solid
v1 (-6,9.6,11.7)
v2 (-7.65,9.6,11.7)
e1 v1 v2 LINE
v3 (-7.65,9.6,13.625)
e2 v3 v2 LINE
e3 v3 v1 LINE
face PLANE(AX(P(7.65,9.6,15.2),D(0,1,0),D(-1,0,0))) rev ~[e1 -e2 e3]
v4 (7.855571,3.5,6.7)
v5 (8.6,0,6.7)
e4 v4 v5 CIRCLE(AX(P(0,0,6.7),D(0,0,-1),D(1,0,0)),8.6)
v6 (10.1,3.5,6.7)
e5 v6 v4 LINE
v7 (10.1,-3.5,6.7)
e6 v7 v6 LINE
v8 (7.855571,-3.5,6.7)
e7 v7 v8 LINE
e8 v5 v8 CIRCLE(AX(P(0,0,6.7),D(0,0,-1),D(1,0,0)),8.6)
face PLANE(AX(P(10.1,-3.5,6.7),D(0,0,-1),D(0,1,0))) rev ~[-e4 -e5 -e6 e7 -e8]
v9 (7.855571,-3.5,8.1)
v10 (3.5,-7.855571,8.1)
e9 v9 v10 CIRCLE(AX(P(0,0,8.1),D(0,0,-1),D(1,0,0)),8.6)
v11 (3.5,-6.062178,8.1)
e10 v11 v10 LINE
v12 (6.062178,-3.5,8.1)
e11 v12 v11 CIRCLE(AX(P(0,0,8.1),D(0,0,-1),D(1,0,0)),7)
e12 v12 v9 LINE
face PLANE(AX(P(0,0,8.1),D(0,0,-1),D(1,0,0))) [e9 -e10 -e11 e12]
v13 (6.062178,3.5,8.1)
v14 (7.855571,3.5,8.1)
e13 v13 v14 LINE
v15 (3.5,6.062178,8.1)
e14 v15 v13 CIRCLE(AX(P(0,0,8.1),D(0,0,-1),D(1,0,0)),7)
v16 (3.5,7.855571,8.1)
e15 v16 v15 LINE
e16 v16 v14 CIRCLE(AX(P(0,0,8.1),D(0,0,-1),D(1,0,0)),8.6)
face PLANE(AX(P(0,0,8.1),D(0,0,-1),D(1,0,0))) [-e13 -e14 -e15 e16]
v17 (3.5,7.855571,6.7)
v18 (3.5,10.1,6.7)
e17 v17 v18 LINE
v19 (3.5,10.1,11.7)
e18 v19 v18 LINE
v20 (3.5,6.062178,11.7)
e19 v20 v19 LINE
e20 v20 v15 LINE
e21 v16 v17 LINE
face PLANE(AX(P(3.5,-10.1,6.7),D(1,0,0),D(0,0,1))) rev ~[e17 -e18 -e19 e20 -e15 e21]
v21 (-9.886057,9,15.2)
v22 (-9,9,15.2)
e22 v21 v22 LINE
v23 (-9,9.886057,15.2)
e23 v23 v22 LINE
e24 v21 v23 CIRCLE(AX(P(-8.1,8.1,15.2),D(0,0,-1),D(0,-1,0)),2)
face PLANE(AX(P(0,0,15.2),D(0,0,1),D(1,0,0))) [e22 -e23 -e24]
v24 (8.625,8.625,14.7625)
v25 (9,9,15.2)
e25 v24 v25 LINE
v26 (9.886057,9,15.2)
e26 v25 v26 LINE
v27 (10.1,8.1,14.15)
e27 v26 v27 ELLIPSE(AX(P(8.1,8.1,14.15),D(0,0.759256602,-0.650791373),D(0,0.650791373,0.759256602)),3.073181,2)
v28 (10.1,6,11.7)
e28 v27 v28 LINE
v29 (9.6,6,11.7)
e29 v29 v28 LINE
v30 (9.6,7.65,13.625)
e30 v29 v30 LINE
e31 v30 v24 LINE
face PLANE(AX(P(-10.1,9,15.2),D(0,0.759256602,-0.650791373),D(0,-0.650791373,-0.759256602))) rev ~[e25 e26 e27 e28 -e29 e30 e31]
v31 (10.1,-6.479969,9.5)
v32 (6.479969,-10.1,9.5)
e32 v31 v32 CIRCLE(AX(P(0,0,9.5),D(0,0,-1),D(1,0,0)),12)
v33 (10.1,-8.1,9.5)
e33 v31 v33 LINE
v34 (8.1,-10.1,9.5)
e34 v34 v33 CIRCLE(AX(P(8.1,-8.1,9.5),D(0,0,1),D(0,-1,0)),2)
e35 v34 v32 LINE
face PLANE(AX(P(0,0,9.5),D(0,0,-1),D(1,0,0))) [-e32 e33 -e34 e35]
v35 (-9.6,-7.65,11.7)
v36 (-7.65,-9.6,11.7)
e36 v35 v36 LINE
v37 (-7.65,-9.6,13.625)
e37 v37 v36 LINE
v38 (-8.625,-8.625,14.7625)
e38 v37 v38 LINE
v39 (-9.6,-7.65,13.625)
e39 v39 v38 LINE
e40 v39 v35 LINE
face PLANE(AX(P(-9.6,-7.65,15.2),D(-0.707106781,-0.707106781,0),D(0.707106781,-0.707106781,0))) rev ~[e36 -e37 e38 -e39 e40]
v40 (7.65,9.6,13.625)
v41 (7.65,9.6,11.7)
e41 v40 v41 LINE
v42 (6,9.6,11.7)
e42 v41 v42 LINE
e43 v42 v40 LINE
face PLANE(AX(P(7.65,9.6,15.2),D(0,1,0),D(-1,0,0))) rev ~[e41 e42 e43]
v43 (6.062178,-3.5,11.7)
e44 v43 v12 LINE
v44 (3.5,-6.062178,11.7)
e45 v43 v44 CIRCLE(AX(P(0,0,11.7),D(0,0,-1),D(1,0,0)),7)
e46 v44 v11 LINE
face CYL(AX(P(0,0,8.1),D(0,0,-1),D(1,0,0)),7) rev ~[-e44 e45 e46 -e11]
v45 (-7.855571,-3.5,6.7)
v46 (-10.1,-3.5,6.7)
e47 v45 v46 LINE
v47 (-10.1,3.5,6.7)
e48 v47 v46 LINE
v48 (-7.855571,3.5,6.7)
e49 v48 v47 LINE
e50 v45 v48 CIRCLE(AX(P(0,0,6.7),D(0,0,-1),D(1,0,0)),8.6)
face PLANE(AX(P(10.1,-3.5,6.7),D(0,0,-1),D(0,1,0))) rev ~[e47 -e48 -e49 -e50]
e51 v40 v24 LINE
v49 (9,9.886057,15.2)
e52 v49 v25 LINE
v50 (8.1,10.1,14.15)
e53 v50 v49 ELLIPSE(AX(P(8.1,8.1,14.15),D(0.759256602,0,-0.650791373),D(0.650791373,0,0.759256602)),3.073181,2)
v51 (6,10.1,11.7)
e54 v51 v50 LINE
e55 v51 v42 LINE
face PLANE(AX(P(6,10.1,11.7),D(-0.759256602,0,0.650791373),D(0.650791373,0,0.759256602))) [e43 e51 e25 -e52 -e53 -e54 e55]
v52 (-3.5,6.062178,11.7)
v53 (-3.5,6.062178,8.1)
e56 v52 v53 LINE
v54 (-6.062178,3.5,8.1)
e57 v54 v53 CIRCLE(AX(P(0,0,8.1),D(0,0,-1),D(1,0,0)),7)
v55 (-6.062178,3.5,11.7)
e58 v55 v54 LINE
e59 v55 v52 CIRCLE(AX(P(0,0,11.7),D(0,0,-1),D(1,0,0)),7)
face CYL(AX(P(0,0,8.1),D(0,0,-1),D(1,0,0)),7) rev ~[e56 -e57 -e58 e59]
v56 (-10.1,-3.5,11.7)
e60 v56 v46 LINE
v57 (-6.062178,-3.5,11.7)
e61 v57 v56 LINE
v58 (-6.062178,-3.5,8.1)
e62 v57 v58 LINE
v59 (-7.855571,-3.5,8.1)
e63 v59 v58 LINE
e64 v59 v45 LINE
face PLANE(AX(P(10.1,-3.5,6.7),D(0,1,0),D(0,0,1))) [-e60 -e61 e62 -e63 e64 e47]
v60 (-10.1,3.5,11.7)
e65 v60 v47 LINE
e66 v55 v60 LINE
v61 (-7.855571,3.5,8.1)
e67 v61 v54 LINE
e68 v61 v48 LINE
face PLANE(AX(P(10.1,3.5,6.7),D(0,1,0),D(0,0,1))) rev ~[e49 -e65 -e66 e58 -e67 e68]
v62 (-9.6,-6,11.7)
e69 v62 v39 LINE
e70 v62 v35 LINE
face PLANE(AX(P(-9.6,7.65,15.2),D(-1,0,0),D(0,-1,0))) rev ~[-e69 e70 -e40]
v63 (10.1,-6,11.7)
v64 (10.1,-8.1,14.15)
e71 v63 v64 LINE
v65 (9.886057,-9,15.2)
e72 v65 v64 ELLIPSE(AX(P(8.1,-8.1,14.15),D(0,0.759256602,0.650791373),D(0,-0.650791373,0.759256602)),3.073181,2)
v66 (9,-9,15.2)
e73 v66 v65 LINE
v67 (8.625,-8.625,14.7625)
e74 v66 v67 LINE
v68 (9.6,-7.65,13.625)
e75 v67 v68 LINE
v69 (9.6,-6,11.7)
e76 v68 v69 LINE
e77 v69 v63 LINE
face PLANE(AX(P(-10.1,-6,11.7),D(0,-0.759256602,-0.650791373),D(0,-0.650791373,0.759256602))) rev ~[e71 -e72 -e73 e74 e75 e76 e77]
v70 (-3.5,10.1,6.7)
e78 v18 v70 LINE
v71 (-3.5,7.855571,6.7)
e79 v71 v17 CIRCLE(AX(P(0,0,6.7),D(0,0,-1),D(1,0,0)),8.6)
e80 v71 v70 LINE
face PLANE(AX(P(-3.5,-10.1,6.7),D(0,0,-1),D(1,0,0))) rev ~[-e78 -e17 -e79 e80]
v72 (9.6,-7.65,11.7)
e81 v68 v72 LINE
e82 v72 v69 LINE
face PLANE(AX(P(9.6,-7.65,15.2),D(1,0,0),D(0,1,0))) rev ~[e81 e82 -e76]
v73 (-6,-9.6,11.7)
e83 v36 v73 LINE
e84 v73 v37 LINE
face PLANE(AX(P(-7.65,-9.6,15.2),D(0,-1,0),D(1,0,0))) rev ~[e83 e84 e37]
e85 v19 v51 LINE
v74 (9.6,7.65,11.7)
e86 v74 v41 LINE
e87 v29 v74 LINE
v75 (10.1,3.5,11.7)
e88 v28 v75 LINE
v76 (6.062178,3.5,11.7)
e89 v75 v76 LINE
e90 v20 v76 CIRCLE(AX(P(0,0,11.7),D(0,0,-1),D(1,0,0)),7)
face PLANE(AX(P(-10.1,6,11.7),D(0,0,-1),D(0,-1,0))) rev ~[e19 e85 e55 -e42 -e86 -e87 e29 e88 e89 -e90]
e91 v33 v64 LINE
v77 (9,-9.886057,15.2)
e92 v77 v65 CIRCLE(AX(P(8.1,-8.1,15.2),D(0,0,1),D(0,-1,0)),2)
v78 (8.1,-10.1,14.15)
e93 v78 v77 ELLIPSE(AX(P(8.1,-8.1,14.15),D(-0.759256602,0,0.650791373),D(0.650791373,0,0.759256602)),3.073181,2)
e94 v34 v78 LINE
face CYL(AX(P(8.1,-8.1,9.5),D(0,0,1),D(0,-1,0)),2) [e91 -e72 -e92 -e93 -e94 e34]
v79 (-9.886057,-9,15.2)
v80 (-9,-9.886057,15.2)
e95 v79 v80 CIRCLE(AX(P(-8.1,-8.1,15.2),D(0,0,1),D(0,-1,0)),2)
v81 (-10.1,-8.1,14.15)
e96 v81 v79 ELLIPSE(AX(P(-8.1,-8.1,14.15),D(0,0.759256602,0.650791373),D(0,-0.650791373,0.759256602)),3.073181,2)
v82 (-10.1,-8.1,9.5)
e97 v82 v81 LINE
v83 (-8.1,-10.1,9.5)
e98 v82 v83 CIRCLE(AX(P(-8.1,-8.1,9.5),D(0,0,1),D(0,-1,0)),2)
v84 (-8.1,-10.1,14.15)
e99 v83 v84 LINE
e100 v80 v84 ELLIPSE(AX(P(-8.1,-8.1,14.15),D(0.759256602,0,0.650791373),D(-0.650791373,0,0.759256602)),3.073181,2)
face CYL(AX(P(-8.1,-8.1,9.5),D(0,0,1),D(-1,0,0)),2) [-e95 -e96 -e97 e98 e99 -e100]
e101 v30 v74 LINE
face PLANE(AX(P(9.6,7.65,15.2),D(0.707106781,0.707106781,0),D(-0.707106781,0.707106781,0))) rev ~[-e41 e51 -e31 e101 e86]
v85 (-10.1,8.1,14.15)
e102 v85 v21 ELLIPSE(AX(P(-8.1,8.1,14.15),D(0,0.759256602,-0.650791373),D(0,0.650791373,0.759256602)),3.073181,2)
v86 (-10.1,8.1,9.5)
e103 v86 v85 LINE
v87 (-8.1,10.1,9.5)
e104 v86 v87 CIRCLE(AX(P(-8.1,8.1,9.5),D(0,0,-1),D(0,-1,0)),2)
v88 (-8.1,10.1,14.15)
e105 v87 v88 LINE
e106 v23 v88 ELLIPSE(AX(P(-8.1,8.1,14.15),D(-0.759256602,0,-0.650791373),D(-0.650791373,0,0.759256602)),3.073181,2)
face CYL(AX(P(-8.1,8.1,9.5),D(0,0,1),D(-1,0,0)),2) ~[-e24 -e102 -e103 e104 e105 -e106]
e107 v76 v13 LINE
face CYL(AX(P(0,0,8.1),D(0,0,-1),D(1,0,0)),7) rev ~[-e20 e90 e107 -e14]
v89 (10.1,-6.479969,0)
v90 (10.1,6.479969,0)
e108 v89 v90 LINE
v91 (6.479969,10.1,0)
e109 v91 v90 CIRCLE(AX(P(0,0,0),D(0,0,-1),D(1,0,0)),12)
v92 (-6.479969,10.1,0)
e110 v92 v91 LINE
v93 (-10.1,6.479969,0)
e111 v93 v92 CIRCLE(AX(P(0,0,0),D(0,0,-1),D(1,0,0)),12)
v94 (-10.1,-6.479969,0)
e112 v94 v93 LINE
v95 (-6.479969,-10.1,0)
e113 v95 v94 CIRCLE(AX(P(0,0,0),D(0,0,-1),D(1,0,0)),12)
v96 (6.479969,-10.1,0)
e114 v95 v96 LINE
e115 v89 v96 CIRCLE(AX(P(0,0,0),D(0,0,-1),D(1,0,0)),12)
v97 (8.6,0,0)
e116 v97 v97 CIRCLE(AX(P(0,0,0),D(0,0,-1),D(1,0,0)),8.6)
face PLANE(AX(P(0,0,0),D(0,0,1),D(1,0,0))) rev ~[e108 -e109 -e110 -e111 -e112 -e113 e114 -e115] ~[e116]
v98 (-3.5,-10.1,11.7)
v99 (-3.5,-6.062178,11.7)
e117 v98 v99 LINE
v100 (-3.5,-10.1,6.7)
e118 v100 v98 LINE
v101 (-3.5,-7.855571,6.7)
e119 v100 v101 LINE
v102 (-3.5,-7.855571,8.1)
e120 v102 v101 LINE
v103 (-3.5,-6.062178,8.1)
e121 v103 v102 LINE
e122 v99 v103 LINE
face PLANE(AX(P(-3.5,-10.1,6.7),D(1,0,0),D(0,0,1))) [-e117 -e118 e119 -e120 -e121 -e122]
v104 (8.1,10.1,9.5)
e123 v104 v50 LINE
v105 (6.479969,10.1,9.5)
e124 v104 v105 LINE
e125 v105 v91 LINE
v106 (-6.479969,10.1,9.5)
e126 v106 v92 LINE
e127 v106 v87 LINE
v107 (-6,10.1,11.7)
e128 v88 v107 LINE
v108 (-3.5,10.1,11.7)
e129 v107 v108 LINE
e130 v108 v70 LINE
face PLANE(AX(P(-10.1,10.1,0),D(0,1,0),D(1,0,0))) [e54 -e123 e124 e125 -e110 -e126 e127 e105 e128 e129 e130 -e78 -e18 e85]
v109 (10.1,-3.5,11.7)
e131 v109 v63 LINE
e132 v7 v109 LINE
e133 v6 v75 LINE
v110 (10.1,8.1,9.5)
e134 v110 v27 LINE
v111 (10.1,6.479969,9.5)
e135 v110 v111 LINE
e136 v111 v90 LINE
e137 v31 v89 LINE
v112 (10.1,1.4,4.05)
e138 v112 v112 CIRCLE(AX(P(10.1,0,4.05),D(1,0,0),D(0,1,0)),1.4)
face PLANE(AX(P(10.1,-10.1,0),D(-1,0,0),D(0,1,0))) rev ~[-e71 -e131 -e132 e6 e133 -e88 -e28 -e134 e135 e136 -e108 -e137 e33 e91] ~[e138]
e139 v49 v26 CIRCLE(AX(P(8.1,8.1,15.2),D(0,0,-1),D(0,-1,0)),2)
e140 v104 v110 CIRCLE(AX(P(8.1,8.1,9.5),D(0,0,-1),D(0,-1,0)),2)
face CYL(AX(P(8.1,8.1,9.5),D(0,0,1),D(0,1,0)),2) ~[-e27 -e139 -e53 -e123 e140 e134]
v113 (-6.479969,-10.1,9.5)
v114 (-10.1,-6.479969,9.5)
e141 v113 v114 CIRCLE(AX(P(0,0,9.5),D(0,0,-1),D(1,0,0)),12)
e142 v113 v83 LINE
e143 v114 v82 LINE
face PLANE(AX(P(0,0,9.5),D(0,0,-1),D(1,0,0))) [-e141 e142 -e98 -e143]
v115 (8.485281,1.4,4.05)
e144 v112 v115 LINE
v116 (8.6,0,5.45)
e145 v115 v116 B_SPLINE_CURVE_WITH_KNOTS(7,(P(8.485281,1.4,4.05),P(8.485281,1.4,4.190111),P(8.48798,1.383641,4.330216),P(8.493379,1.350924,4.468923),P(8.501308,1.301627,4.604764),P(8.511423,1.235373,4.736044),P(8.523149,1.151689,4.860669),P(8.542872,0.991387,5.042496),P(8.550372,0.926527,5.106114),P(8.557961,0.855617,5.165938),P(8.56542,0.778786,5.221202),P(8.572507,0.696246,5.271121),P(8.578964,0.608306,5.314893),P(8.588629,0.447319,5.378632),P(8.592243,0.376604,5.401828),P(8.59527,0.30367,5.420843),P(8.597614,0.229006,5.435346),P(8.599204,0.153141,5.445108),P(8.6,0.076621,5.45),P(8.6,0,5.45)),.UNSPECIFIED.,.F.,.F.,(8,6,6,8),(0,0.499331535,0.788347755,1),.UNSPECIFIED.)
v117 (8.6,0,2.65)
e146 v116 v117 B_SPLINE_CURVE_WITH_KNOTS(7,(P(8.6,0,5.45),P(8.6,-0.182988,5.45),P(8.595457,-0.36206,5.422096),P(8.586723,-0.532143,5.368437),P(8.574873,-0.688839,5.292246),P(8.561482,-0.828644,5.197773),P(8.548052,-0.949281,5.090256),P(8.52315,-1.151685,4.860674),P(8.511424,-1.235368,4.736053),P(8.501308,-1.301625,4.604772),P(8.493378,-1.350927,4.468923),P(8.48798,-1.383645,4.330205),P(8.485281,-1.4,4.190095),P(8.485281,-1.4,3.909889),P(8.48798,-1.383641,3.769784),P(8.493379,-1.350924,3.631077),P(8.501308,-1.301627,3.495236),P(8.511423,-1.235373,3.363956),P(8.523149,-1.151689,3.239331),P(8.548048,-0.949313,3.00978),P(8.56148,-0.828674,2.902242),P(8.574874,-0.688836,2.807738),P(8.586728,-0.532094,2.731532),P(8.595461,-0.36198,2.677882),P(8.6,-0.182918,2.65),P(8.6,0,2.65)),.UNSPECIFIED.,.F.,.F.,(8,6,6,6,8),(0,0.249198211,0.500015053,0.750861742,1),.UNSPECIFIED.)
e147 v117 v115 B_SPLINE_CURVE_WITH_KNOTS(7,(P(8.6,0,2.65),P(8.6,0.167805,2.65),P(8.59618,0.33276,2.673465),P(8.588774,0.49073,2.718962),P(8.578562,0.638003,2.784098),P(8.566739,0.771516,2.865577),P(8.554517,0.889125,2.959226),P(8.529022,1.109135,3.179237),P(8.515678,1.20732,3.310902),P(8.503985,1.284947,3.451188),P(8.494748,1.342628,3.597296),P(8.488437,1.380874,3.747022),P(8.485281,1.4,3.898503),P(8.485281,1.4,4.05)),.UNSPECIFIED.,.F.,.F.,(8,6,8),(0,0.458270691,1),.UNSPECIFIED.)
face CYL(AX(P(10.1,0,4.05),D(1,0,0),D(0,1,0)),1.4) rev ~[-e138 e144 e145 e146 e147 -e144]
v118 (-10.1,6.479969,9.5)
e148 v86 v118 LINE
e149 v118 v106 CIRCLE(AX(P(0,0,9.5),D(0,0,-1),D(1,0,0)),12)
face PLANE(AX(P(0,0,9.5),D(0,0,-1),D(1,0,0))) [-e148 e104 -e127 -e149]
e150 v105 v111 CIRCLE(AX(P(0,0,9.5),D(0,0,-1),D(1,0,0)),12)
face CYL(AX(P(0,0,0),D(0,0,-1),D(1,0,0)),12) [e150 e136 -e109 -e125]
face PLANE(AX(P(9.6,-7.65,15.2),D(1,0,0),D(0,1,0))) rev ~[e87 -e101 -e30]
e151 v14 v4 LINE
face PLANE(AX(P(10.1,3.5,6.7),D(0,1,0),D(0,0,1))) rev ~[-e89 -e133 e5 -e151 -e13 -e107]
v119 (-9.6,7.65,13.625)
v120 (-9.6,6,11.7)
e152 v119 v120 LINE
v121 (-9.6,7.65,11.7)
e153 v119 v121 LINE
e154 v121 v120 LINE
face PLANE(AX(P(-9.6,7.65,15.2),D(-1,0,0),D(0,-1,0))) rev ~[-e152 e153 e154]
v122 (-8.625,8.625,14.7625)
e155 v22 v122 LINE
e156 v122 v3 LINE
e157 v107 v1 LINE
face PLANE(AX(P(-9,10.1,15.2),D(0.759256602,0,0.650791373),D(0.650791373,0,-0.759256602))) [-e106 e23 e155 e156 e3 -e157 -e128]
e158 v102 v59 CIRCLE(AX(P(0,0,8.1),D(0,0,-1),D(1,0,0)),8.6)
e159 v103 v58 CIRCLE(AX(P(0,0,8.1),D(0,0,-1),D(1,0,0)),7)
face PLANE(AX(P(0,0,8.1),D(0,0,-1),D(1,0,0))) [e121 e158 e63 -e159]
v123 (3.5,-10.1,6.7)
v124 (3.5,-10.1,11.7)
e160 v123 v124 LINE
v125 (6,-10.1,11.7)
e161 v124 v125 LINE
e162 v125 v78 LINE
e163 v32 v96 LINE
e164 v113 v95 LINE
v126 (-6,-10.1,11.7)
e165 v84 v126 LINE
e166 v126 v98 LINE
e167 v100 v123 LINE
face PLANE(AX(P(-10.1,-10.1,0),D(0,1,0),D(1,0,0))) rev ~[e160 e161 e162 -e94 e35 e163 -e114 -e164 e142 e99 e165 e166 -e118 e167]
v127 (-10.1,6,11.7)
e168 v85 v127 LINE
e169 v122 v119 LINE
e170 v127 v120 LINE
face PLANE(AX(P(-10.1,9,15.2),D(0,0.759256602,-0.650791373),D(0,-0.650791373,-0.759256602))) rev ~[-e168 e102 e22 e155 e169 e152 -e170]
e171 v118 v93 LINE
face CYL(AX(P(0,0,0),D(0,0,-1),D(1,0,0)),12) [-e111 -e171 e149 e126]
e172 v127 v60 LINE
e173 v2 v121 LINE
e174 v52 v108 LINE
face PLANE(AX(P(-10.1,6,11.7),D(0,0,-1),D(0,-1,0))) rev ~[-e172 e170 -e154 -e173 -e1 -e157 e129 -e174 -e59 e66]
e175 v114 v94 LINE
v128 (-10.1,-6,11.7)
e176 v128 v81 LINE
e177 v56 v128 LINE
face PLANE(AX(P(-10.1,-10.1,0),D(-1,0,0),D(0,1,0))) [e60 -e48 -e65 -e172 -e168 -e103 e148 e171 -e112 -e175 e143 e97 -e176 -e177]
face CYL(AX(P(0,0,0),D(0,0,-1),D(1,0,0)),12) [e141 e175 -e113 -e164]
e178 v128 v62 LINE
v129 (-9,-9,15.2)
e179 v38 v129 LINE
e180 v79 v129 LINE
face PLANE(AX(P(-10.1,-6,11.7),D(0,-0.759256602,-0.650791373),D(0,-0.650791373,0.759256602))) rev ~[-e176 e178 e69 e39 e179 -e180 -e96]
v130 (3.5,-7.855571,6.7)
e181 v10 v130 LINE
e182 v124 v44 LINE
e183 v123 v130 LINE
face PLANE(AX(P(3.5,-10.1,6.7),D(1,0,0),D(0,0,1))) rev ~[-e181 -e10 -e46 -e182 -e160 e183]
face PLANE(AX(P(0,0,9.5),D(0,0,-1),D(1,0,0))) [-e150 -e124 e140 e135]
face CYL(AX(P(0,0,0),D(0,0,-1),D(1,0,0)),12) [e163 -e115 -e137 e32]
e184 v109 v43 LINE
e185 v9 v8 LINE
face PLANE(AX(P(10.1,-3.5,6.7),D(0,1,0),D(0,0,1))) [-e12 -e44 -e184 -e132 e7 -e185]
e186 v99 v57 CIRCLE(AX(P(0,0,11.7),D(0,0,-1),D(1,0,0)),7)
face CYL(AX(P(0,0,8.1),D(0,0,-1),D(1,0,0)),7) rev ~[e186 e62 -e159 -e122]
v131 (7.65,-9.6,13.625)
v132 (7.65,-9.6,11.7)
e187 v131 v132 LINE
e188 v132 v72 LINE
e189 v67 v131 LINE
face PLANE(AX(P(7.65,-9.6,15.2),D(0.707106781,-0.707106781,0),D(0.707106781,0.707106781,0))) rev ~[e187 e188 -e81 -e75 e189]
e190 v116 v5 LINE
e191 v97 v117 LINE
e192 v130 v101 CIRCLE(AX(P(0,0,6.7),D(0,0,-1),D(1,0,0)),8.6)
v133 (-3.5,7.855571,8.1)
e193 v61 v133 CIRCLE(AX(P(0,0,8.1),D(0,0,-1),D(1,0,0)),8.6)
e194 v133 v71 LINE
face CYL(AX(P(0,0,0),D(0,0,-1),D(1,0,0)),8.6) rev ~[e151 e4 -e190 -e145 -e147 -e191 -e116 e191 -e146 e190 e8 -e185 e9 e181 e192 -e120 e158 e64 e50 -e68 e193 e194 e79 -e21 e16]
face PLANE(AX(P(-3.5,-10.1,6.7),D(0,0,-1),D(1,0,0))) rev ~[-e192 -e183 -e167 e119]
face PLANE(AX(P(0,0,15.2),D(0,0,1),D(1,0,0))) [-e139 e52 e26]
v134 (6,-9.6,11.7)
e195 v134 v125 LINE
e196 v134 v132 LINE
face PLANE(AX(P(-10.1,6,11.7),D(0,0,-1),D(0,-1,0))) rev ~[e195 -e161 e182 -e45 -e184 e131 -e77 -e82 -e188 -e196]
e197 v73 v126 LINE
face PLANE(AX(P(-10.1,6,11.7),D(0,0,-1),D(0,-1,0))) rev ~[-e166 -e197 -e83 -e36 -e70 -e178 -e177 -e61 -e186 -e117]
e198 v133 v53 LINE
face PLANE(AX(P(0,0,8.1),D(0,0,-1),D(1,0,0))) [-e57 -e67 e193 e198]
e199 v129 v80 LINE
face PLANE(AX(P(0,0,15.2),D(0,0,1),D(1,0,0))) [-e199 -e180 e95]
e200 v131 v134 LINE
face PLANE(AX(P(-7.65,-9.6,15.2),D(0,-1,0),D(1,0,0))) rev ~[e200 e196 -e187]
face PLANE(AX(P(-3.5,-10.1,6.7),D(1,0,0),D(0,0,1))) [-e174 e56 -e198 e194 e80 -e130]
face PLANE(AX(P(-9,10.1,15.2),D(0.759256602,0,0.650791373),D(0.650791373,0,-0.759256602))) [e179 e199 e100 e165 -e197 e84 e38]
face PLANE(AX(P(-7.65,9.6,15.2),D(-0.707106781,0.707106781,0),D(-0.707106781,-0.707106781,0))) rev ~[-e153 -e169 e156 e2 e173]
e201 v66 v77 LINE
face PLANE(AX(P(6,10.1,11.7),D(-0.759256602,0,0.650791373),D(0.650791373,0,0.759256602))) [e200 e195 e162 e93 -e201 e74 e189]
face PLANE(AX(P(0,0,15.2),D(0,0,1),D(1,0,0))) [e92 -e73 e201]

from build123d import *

# Parameters (mm, degrees)
SKETCH_W        = 20.2
SKETCH_H        = 20.2
PAD_DEPTH       = 15.2
POCKET_DEPTH    = 3.5
POCKET001_DEPTH = 20.201
POCKET002_DEPTH = 20.201
SKETCH008_R     = 8.6
POCKET003_DEPTH = 8.1
SKETCH009_W     = 7
SKETCH009_H     = 5
POCKET004_DEPTH = 20.201
SKETCH010_W     = 7
SKETCH010_H     = 5
POCKET005_DEPTH = 20.201
SKETCH011_R     = 20
SKETCH011_R_2   = 12
POCKET006_DEPTH = 9.5
SKETCH012_R     = 7
POCKET007_DEPTH = 7.101
SKETCH013_R     = 1.4
POCKET008_DEPTH = 3
FILLET_R        = 2


with BuildPart() as part:
    # Sketch → Pad (new body)
    with BuildSketch(Plane.XY):
        Rectangle(SKETCH_W, SKETCH_H)
    extrude(amount=PAD_DEPTH)

    # Sketch004 → Pocket (cut)
    with BuildSketch(Plane.XY.offset(15.2)):
        Polygon((9.6, 7.65), (7.65, 9.6), (-7.65, 9.6), (-9.6, 7.65), (-9.6, -7.65), (-7.65, -9.6), (7.65, -9.6), (9.6, -7.65), align=None)
    extrude(amount=-POCKET_DEPTH, mode=Mode.SUBTRACT)

    # Sketch006 → Pocket001 (cut, through all)
    with BuildSketch(Plane(origin=(-10.1, 0, 0), x_dir=(0, -1, 0), z_dir=(-1, 0, 0))):
        Polygon((-9, 15.2), (-6, 11.7), (6, 11.7), (9, 15.2), align=None)
    extrude(amount=-POCKET001_DEPTH, mode=Mode.SUBTRACT)

    # Sketch007 → Pocket002 (cut, through all)
    with BuildSketch(Plane(origin=(0, 10.1, 0), x_dir=(-1, 0, 0), z_dir=(0, 1, 0))):
        Polygon((-9, 15.2), (9, 15.2), (6, 11.7), (-6, 11.7), align=None)
    extrude(amount=-POCKET002_DEPTH, mode=Mode.SUBTRACT)

    # Sketch008 → Pocket003 (cut)
    with BuildSketch(Plane(origin=(0, 0, 0), x_dir=(1, 0, 0), z_dir=(0, 0, -1))):
        Circle(SKETCH008_R)
    extrude(amount=-POCKET003_DEPTH, mode=Mode.SUBTRACT)

    # Sketch009 → Pocket004 (cut, through all)
    with BuildSketch(Plane.YZ.offset(10.1)):
        with Locations((0, 9.2)):
            Rectangle(SKETCH009_W, SKETCH009_H)
    extrude(amount=-POCKET004_DEPTH, mode=Mode.SUBTRACT)

    # Sketch010 → Pocket005 (cut, through all)
    with BuildSketch(Plane.XZ.offset(10.1)):
        with Locations((0, 9.2)):
            Rectangle(SKETCH010_W, SKETCH010_H)
    extrude(amount=-POCKET005_DEPTH, mode=Mode.SUBTRACT)

    # Sketch011 → Pocket006 (cut)
    with BuildSketch(Plane(origin=(0, 0, 0), x_dir=(1, 0, 0), z_dir=(0, 0, -1))):
        Circle(SKETCH011_R)
        Circle(SKETCH011_R_2, mode=Mode.SUBTRACT)
    extrude(amount=-POCKET006_DEPTH, mode=Mode.SUBTRACT)

    # Sketch012 → Pocket007 (cut, through all)
    with BuildSketch(Plane(origin=(0, 0, 8.1), x_dir=(1, 0, 0), z_dir=(0, 0, -1))):
        Circle(SKETCH012_R)
    extrude(amount=-POCKET007_DEPTH, mode=Mode.SUBTRACT)

    # Sketch013 → Pocket008 (cut)
    with BuildSketch(Plane.YZ.offset(10.1)):
        with Locations((0, 4.05)):
            Circle(SKETCH013_R)
    extrude(amount=-POCKET008_DEPTH, mode=Mode.SUBTRACT)

    # Fillet
    fillet_edges = [part.edges().sort_by_distance(p)[0] for p in [
        (10.1, 10.1, 12.35),
        (-10.1, 10.1, 12.35),
        (10.1, -10.1, 12.35),
        (-10.1, -10.1, 12.35),
    ]]
    fillet(fillet_edges, radius=FILLET_R)


solid = part.part
